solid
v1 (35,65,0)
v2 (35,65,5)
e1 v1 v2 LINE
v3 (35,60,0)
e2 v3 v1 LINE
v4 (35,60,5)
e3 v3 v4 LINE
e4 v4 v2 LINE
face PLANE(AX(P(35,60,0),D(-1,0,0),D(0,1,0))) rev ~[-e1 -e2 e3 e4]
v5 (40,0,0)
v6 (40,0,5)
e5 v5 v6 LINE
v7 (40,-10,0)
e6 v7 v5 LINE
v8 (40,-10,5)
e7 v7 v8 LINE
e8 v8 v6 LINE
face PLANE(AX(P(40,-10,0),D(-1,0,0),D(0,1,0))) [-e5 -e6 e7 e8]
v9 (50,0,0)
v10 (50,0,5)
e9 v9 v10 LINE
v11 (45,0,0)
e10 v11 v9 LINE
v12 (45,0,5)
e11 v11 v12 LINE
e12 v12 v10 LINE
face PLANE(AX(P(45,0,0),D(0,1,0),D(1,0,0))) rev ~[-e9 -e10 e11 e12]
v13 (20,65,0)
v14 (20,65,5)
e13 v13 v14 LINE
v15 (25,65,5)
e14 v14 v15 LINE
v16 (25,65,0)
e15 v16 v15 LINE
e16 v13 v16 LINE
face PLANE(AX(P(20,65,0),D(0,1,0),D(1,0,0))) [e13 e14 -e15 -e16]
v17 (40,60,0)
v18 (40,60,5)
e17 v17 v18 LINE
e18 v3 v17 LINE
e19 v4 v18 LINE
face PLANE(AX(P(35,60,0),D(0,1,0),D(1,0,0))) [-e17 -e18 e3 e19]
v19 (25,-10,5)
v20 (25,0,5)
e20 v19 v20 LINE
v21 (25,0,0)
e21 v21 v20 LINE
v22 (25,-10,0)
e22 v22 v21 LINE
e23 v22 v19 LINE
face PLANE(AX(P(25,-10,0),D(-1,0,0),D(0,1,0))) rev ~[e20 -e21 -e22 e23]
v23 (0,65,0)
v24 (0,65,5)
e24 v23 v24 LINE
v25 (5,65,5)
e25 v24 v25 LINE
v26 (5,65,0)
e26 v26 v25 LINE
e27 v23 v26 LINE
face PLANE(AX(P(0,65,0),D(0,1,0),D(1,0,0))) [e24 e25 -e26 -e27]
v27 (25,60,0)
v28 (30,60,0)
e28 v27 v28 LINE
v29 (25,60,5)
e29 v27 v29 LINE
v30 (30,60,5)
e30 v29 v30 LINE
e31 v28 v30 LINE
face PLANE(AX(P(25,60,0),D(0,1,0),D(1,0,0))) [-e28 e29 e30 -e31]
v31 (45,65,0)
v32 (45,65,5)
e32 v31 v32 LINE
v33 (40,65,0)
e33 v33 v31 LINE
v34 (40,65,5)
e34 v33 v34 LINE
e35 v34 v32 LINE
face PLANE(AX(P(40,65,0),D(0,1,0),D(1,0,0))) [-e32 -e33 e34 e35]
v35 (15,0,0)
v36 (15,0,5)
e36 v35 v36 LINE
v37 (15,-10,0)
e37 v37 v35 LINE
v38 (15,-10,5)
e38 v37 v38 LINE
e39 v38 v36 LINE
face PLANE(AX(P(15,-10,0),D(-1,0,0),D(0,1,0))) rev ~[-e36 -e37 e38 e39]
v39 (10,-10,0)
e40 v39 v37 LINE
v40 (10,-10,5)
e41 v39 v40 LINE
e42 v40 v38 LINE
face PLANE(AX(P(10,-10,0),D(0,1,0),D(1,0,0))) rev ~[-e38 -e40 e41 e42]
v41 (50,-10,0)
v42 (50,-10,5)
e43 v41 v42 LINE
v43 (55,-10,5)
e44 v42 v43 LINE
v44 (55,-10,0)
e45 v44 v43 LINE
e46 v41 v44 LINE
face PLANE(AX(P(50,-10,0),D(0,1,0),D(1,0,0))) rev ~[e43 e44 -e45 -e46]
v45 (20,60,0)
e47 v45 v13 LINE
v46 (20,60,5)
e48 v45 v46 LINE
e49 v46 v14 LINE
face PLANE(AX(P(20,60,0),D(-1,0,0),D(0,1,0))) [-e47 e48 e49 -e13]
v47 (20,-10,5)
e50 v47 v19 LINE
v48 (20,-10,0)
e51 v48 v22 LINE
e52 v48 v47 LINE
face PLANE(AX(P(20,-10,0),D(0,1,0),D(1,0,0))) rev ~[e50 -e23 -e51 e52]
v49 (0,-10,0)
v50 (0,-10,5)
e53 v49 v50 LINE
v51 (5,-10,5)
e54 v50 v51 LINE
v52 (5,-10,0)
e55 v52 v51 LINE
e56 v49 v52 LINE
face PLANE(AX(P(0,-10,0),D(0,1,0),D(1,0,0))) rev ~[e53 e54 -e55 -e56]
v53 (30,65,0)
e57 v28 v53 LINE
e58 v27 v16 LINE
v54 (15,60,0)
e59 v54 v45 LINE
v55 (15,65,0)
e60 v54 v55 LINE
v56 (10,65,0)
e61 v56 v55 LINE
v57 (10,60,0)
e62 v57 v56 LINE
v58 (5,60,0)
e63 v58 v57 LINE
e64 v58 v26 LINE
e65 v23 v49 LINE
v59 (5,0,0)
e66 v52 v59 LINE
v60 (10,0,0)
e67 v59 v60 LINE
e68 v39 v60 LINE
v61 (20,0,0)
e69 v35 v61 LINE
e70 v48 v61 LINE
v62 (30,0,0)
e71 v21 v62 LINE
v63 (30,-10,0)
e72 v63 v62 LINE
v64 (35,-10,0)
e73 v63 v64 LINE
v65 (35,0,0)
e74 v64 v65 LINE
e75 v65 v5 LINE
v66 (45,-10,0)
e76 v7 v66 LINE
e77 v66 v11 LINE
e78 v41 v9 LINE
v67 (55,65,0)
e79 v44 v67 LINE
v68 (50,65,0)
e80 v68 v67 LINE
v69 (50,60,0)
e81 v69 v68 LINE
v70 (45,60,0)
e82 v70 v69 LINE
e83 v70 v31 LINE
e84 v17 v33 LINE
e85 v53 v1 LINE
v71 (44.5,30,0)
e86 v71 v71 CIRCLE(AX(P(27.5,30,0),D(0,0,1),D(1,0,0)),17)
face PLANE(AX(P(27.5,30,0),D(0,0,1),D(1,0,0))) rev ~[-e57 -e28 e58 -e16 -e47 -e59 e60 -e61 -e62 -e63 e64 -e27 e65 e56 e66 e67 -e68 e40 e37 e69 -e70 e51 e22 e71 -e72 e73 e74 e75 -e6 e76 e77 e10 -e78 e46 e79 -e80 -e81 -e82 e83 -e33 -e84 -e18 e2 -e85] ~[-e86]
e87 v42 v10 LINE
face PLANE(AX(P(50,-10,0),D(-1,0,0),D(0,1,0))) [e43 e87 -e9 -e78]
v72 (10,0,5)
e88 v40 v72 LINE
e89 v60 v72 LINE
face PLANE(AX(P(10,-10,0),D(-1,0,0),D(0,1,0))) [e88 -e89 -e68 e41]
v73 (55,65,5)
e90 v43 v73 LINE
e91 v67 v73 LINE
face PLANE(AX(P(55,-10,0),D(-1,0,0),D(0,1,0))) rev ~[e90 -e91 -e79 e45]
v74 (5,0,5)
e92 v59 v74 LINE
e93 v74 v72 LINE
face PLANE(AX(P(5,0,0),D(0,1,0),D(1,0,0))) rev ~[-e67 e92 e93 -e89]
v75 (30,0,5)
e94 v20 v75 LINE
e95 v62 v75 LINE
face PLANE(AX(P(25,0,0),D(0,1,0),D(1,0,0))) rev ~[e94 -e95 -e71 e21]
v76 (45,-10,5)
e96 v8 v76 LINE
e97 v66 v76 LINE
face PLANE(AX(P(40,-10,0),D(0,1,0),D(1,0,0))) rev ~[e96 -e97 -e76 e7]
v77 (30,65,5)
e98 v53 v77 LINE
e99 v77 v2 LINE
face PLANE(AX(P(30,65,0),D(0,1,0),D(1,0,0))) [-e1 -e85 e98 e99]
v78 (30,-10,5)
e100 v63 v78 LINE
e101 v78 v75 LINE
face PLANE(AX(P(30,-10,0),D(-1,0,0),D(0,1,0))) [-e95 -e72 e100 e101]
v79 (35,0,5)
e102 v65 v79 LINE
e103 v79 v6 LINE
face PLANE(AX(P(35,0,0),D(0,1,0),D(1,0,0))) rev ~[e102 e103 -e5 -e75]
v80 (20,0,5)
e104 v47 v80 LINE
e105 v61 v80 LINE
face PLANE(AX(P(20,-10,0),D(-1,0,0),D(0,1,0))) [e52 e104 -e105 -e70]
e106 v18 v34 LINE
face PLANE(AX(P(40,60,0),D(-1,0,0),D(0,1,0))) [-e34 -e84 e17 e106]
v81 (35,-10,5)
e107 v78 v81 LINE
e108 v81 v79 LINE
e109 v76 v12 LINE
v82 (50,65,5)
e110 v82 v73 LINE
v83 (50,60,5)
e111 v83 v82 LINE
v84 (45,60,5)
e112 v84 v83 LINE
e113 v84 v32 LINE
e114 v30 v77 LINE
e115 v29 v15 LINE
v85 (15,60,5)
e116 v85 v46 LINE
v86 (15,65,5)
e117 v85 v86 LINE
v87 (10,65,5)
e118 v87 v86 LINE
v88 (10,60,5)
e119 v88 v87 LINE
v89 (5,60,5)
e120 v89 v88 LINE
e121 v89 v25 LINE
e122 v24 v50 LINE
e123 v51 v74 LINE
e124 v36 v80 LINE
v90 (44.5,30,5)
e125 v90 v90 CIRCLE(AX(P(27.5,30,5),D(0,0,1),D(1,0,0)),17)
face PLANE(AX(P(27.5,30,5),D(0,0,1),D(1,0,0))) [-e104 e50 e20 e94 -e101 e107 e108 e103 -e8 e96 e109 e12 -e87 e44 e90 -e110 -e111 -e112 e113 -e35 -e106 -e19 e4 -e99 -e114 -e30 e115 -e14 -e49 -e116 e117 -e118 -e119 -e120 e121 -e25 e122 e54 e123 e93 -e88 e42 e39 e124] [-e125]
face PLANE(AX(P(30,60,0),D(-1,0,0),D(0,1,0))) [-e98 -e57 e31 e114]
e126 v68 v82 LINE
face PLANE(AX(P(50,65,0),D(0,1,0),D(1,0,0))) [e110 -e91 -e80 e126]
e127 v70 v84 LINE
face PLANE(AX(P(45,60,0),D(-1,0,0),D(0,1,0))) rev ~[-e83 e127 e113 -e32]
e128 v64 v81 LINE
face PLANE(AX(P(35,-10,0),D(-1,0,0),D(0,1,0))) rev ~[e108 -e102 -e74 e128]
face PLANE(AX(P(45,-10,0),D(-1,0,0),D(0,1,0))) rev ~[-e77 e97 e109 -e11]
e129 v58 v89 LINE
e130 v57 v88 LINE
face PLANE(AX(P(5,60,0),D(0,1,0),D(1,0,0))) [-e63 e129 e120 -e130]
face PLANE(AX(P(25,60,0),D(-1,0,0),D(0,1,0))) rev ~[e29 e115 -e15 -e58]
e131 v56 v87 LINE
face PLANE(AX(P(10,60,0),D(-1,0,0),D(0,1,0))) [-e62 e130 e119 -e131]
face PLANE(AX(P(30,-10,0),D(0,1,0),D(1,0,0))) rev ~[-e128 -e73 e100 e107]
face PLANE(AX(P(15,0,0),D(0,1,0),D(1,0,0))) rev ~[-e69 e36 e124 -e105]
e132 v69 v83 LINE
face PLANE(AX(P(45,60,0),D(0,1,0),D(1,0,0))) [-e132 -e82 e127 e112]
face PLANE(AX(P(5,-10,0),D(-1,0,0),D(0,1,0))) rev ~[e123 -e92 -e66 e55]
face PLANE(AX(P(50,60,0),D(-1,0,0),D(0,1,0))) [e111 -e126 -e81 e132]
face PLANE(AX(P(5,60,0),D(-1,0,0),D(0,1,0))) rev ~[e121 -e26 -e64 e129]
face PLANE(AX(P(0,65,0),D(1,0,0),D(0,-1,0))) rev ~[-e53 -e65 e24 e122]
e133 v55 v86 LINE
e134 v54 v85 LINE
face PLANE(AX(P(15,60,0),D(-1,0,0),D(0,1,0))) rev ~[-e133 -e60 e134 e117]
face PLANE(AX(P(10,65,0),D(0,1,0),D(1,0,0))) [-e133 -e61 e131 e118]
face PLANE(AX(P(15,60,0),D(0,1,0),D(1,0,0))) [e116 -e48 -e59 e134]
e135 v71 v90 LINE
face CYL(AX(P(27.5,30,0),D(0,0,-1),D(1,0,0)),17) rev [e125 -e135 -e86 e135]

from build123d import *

# Parameters (mm, degrees)
ESQUISSE1_W        = 55
ESQUISSE1_H        = 60
ESQUISSE1_R        = 17
ESQUISSE1_W_2      = 5
ESQUISSE1_H_2      = 5
ESQUISSE1_H_3      = 10
BOSS_EXTRU_1_DEPTH = 5


with BuildPart() as part:
    # Esquisse1 → Boss.-Extru.1 (new body)
    with BuildSketch(Plane.XY):
        with Locations((27.5, 30)):
            Rectangle(ESQUISSE1_W, ESQUISSE1_H)
        with Locations((27.5, 30)):
            Circle(ESQUISSE1_R, mode=Mode.SUBTRACT)
        with Locations((12.5, 62.5)):
            Rectangle(ESQUISSE1_W_2, ESQUISSE1_H_2)
        with Locations((2.5, 62.5)):
            Rectangle(ESQUISSE1_W_2, ESQUISSE1_H_2)
        with Locations((22.5, 62.5)):
            Rectangle(ESQUISSE1_W_2, ESQUISSE1_H_2)
        with Locations((32.5, 62.5)):
            Rectangle(ESQUISSE1_W_2, ESQUISSE1_H_2)
        with Locations((52.5, 62.5)):
            Rectangle(ESQUISSE1_W_2, ESQUISSE1_H_2)
        with Locations((42.5, 62.5)):
            Rectangle(ESQUISSE1_W_2, ESQUISSE1_H_2)
        with Locations((2.5, -5)):
            Rectangle(ESQUISSE1_W_2, ESQUISSE1_H_3)
        with Locations((12.5, -5)):
            Rectangle(ESQUISSE1_W_2, ESQUISSE1_H_3)
        with Locations((22.5, -5)):
            Rectangle(ESQUISSE1_W_2, ESQUISSE1_H_3)
        with Locations((32.5, -5)):
            Rectangle(ESQUISSE1_W_2, ESQUISSE1_H_3)
        with Locations((42.5, -5)):
            Rectangle(ESQUISSE1_W_2, ESQUISSE1_H_3)
        with Locations((52.5, -5)):
            Rectangle(ESQUISSE1_W_2, ESQUISSE1_H_3)
    extrude(amount=BOSS_EXTRU_1_DEPTH)


solid = part.part
